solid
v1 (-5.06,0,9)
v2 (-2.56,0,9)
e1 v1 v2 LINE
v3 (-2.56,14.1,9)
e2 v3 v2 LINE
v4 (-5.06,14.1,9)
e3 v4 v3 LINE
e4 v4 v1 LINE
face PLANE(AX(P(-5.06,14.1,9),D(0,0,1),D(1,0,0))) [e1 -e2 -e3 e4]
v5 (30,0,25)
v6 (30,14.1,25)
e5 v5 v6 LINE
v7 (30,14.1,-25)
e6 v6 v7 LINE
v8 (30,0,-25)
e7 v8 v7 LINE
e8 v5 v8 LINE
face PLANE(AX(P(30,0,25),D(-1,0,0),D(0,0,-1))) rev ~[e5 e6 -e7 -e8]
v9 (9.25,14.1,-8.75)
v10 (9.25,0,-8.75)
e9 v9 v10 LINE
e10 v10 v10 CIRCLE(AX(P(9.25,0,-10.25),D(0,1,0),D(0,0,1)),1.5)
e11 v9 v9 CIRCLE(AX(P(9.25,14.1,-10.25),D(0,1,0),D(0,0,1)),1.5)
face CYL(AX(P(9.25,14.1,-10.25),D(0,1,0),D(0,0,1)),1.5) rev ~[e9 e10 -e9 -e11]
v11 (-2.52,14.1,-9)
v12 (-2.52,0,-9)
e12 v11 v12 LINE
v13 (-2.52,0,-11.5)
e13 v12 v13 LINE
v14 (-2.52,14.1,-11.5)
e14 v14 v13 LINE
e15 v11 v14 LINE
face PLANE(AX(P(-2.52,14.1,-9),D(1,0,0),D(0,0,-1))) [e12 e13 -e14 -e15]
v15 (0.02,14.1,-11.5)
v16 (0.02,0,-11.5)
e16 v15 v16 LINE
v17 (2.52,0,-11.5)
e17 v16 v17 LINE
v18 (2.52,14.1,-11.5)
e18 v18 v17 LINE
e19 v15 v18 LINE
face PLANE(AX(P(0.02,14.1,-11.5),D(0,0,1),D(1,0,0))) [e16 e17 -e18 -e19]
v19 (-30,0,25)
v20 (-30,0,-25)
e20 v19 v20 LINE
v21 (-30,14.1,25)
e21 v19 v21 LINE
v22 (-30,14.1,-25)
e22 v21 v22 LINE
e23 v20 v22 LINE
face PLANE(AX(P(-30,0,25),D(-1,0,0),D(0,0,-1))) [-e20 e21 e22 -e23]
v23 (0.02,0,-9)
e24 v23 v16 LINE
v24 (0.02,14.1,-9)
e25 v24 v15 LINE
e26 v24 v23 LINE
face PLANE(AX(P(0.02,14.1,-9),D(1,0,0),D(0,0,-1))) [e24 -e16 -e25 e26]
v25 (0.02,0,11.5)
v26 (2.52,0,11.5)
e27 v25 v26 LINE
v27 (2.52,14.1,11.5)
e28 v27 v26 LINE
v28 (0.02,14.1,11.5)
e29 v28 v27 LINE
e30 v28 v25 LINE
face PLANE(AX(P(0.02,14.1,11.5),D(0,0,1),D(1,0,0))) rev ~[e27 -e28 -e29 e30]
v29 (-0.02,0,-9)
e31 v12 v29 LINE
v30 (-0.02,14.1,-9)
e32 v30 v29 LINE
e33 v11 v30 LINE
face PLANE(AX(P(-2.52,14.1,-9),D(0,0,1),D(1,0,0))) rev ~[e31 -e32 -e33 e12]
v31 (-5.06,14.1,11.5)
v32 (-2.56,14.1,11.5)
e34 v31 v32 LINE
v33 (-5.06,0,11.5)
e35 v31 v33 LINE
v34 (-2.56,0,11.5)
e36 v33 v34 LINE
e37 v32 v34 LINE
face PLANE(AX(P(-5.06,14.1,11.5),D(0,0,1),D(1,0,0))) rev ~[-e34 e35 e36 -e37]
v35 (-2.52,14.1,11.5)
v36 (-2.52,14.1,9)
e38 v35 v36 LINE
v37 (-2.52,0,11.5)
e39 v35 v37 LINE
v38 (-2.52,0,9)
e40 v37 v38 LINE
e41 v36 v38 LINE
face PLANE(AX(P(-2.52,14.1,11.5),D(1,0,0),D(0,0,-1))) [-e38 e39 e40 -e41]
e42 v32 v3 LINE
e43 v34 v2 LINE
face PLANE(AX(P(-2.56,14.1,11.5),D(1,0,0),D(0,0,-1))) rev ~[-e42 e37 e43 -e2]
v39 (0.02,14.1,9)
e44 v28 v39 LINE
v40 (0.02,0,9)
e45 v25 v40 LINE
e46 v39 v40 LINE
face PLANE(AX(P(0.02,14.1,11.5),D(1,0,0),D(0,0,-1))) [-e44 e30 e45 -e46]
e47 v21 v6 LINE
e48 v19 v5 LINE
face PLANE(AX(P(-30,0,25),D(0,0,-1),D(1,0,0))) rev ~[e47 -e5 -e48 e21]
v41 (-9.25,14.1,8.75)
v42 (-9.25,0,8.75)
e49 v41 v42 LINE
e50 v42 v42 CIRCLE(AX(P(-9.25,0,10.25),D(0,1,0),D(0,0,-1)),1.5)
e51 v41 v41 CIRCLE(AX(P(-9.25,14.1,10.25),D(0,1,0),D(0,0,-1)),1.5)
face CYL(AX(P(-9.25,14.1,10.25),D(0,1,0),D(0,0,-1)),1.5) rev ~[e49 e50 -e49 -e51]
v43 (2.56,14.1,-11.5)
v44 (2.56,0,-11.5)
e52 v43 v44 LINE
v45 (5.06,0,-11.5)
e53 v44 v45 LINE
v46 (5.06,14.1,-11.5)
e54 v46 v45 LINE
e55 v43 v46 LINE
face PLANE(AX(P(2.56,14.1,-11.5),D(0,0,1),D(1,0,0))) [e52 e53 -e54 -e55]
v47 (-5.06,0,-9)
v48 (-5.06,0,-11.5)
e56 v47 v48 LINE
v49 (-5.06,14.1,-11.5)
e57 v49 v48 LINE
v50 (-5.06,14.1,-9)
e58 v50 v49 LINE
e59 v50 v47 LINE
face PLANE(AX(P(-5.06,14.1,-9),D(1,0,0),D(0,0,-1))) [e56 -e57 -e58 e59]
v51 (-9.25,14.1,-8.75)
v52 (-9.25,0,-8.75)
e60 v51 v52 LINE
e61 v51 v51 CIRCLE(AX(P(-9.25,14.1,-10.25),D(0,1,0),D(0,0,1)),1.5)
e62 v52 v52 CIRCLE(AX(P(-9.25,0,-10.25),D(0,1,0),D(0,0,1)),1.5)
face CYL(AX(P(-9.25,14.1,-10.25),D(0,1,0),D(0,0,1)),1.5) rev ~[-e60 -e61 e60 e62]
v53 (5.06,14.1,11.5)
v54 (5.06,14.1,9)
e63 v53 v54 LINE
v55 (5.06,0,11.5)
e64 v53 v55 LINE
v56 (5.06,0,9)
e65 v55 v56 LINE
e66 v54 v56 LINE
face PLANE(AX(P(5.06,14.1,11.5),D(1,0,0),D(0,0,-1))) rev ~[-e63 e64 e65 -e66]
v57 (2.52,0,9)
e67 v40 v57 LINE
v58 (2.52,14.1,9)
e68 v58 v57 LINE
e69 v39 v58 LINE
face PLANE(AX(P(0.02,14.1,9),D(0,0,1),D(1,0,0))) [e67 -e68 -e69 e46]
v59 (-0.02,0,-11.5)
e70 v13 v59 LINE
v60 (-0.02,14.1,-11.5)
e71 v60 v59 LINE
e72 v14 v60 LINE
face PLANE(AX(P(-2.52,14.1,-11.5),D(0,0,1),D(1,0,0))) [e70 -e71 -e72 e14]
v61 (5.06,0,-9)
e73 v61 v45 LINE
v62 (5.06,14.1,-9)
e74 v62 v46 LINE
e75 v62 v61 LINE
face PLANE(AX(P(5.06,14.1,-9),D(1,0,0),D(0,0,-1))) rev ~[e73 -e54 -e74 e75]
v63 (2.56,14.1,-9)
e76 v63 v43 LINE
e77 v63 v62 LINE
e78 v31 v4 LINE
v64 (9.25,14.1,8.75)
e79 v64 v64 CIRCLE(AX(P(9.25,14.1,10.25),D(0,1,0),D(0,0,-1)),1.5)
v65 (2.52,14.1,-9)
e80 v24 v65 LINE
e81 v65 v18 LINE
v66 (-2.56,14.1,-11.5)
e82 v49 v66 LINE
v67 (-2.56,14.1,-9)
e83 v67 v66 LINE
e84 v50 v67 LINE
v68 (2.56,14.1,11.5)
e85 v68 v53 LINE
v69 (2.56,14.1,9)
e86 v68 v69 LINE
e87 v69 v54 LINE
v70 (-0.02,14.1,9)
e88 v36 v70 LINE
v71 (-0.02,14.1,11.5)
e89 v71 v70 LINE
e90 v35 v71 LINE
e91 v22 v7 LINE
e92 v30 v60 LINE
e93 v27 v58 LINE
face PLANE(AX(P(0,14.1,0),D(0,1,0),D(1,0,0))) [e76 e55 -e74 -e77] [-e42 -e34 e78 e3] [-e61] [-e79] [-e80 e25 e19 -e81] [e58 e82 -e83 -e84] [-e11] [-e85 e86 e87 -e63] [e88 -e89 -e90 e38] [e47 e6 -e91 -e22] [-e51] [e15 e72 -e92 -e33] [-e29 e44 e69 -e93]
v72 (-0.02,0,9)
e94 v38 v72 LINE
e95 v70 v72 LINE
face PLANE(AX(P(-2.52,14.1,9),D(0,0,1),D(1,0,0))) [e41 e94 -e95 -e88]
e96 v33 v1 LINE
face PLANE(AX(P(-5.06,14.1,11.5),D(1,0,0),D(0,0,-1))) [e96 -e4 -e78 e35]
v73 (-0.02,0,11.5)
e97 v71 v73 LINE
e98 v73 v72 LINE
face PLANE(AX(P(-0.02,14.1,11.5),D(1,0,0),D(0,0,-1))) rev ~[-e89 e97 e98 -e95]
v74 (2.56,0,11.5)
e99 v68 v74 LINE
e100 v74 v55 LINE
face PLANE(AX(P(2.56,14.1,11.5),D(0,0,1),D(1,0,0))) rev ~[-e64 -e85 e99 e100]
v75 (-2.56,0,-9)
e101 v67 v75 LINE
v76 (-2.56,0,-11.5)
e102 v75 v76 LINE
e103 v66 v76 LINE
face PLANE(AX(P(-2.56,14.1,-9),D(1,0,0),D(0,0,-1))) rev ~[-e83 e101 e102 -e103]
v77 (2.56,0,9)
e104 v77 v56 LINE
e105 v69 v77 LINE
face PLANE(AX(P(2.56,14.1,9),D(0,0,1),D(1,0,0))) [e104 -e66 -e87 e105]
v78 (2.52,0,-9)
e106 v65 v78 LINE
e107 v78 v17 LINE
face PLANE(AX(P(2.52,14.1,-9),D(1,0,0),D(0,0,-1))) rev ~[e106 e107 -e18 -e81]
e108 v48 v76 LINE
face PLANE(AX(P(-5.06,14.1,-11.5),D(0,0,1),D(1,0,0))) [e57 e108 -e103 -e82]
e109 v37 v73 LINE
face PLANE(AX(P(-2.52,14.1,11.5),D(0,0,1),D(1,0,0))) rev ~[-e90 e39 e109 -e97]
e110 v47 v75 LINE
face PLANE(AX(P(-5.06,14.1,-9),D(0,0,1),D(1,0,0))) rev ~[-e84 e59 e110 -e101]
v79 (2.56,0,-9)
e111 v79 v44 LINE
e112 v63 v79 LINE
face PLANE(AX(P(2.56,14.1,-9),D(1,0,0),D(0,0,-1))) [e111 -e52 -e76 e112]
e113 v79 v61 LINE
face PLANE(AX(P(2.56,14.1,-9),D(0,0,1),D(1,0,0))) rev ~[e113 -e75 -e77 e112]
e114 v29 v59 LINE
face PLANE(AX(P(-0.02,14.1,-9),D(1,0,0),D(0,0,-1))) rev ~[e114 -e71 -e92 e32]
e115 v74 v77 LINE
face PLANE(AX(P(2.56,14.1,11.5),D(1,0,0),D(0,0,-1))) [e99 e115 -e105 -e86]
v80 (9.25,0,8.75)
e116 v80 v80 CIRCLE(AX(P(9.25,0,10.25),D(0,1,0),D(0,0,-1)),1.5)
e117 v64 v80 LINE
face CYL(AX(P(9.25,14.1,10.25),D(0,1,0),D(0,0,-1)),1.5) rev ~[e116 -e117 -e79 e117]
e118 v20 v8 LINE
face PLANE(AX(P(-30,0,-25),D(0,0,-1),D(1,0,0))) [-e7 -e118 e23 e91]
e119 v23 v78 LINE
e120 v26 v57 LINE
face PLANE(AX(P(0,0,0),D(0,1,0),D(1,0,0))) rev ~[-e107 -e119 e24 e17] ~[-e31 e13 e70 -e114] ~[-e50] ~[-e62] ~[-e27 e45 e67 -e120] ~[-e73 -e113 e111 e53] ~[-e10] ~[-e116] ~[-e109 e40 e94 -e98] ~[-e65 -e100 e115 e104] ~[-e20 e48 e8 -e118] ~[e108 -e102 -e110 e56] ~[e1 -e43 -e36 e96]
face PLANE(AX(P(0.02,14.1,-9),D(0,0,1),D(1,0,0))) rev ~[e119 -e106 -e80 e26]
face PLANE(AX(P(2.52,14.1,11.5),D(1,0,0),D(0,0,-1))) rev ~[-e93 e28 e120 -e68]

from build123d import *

# Parameters (mm, degrees)
ESQUISSE1_W             = 60
ESQUISSE1_H             = 50
BOSS_EXTRU_2_DEPTH      = 14.1
ESQUISSE2_R             = 1.5
ESQUISSE2_W             = 2.5
ESQUISSE2_H             = 2.5
ENL_V_MAT_EXTRU_1_DEPTH = 42.518790927


with BuildPart() as part:
    # Esquisse1 → Boss.-Extru.2 (new body)
    with BuildSketch(Plane(origin=(0, 0, 0), x_dir=(1, 0, 0), z_dir=(0, 1, 0))):
        Rectangle(ESQUISSE1_W, ESQUISSE1_H)
    extrude(amount=BOSS_EXTRU_2_DEPTH)

    # Esquisse2 → Enlèv. mat.-Extru.1 (cut, through all)
    with BuildSketch(Plane(origin=(0, 14.1, 0), x_dir=(1, 0, 0), z_dir=(0, 1, 0))):
        with Locations(Location((-9.25, 10.25, 0), (0, 0, 270))):
            Circle(ESQUISSE2_R)
        with Locations(Location((9.25, 10.25, 0), (0, 0, 270))):
            Circle(ESQUISSE2_R)
        with Locations(Location((9.25, -10.25, 0), (0, 0, 90))):
            Circle(ESQUISSE2_R)
        with Locations(Location((-9.25, -10.25, 0), (0, 0, 90))):
            Circle(ESQUISSE2_R)
        with Locations((3.81, -10.25)):
            Rectangle(ESQUISSE2_W, ESQUISSE2_H)
        with Locations((-3.81, 10.25)):
            Rectangle(ESQUISSE2_W, ESQUISSE2_H)
        with Locations((1.27, -10.25)):
            Rectangle(ESQUISSE2_W, ESQUISSE2_H)
        with Locations((-1.27, 10.25)):
            Rectangle(ESQUISSE2_W, ESQUISSE2_H)
        with Locations((1.27, 10.25)):
            Rectangle(ESQUISSE2_W, ESQUISSE2_H)
        with Locations((3.81, 10.25)):
            Rectangle(ESQUISSE2_W, ESQUISSE2_H)
        with Locations((-1.27, -10.25)):
            Rectangle(ESQUISSE2_W, ESQUISSE2_H)
        with Locations((-3.81, -10.25)):
            Rectangle(ESQUISSE2_W, ESQUISSE2_H)
    extrude(amount=-ENL_V_MAT_EXTRU_1_DEPTH, mode=Mode.SUBTRACT)


solid = part.part
